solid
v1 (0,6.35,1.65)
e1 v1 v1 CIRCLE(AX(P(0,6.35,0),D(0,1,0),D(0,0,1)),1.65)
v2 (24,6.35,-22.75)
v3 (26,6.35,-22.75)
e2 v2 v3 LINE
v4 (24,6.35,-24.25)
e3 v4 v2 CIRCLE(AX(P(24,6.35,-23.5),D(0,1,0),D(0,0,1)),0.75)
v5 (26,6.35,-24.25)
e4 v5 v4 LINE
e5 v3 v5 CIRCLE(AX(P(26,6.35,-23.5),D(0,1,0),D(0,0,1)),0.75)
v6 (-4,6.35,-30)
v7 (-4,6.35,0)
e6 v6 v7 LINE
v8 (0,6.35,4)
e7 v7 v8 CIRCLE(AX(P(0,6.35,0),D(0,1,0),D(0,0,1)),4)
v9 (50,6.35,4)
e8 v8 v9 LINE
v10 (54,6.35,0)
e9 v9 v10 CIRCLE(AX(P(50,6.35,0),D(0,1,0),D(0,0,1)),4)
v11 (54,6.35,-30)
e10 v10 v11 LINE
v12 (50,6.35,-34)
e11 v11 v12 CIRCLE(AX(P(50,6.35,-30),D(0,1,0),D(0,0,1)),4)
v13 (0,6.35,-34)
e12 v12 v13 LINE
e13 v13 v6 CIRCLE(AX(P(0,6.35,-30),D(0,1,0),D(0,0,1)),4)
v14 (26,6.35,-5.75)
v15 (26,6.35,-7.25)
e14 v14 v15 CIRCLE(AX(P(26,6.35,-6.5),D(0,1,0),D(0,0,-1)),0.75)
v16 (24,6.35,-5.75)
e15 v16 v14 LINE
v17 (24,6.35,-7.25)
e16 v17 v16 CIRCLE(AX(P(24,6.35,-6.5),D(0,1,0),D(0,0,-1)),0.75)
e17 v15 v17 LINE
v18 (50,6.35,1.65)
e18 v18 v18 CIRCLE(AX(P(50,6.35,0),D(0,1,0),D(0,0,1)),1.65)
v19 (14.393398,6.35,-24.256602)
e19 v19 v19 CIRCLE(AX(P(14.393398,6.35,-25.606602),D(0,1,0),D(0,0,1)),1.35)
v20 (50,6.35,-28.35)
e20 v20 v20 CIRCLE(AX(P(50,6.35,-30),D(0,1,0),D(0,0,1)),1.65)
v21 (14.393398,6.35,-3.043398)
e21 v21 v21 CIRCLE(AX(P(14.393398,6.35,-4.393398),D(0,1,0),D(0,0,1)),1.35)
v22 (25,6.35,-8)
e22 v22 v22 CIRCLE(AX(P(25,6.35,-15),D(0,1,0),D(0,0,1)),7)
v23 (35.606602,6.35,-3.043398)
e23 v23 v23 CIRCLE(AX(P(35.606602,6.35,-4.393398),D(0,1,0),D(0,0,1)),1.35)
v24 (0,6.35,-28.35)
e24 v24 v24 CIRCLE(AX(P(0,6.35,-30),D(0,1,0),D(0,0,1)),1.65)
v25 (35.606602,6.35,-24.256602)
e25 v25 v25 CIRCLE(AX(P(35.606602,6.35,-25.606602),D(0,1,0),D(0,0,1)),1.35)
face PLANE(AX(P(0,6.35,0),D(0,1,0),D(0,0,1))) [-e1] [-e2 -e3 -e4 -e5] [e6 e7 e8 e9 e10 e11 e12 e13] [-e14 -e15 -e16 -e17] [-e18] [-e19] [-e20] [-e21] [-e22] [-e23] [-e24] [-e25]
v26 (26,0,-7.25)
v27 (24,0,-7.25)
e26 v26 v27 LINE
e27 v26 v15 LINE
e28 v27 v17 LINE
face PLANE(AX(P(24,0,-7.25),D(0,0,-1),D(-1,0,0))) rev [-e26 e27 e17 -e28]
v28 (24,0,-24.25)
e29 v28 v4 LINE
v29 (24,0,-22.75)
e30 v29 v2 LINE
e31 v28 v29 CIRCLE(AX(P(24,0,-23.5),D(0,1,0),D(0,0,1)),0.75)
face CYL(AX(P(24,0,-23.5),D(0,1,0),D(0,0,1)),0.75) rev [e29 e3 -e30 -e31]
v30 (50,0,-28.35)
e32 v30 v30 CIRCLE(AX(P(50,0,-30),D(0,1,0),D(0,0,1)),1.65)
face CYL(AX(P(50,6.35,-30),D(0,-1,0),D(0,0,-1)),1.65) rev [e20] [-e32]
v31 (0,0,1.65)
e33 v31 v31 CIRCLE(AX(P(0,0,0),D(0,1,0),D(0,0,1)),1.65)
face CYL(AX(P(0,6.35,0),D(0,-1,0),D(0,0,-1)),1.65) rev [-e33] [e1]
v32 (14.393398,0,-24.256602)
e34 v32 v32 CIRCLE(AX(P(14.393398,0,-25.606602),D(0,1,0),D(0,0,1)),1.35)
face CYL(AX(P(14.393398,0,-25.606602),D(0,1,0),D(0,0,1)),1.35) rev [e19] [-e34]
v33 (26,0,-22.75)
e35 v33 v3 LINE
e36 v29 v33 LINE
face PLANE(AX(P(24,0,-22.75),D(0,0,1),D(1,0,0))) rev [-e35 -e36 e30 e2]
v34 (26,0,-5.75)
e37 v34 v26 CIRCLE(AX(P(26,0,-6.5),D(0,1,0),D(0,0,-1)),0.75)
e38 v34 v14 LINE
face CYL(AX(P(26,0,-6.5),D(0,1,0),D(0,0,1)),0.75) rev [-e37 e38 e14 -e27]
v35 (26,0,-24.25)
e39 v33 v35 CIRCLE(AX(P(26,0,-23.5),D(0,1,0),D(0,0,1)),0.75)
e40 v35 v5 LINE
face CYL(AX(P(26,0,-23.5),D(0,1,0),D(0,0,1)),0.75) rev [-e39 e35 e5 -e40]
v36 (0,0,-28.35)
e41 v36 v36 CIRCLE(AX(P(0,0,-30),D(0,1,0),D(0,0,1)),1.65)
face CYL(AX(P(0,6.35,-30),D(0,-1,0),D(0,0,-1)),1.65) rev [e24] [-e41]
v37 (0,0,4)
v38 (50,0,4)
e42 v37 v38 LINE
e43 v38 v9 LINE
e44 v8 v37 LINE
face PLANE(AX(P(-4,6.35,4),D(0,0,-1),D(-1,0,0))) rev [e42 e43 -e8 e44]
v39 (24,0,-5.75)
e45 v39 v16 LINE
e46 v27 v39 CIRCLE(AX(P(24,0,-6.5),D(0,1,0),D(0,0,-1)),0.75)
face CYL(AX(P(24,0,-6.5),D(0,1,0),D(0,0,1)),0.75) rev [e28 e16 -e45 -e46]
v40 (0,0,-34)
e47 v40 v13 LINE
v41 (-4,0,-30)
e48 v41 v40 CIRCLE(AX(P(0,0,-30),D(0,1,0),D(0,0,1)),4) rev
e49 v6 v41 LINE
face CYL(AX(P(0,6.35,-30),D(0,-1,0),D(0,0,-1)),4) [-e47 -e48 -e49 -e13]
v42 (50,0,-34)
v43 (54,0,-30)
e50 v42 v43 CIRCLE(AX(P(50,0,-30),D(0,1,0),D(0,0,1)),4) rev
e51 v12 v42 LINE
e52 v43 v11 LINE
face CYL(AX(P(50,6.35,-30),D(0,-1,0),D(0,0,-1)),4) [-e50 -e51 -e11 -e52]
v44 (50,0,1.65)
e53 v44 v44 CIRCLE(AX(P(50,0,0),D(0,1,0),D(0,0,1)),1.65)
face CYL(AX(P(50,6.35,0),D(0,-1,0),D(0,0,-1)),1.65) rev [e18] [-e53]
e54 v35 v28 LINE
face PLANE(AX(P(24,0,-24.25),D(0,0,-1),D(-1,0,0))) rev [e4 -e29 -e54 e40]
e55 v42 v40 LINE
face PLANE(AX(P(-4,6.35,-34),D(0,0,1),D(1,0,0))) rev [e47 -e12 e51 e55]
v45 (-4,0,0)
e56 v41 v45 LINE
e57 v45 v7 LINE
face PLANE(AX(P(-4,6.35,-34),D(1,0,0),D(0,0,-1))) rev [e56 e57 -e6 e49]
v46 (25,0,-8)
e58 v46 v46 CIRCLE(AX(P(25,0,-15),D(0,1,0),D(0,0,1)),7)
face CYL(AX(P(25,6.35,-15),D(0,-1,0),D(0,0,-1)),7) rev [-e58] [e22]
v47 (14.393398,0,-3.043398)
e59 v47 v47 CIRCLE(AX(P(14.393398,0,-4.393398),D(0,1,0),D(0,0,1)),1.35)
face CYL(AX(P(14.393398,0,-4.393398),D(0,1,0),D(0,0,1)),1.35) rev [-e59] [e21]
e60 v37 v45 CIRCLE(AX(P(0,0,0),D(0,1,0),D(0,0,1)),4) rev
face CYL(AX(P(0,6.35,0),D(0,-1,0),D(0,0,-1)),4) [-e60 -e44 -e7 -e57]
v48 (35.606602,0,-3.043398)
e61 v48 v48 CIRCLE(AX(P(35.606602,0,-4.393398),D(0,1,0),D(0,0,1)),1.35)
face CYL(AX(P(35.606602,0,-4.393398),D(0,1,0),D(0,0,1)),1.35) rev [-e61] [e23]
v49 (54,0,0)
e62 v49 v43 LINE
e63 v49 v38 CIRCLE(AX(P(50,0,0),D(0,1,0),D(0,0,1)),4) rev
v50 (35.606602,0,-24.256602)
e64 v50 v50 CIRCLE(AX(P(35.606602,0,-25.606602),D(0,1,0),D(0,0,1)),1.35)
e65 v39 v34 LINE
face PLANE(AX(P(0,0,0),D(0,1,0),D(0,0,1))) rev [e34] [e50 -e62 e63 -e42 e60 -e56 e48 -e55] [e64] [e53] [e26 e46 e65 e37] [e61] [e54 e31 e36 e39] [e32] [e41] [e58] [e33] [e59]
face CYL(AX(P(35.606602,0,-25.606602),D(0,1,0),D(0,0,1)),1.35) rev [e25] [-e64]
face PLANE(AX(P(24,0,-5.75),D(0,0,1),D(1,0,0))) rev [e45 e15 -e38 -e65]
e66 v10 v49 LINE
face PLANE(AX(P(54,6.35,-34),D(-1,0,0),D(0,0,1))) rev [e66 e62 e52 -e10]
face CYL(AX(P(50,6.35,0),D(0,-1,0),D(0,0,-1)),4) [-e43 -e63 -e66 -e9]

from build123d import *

# Parameters (mm, degrees)
SKETCH1_W           = 58
SKETCH1_H           = 38
SKETCH1_R           = 7
SKETCH1_R_2         = 1.65
BOSS_EXTRUDE1_DEPTH = 6.35
FILLET1_R           = 4
CUT_EXTRUDE1_DEPTH  = 65.127392743
SKETCH3_R           = 1.35
CUT_EXTRUDE2_DEPTH  = 65.127392743


with BuildPart() as part:
    # Sketch1 → Boss-Extrude1 (new body)
    with BuildSketch(Plane(origin=(0, 0, 0), x_dir=(1, 0, 0), z_dir=(0, 1, 0))):
        with Locations((25, 15)):
            Rectangle(SKETCH1_W, SKETCH1_H)
        with Locations(Location((25, 15, 0), (0, 0, 270))):
            Circle(SKETCH1_R, mode=Mode.SUBTRACT)
        with Locations(Location((0, 30, 0), (0, 0, 270))):
            Circle(SKETCH1_R_2, mode=Mode.SUBTRACT)
        with Locations(Location((50, 30, 0), (0, 0, 270))):
            Circle(SKETCH1_R_2, mode=Mode.SUBTRACT)
        with Locations(Location((50, 0, 0), (0, 0, 270))):
            Circle(SKETCH1_R_2, mode=Mode.SUBTRACT)
        with Locations(Location((0, 0, 0), (0, 0, 270))):
            Circle(SKETCH1_R_2, mode=Mode.SUBTRACT)
    extrude(amount=BOSS_EXTRUDE1_DEPTH)

    # Fillet1
    fillet1_edges = [part.edges().sort_by_distance(p)[0] for p in [
        (-4, 3.175, -34),
        (54, 3.175, -34),
        (54, 3.175, 4),
        (-4, 3.175, 4),
    ]]
    fillet(fillet1_edges, radius=FILLET1_R)

    # Sketch2 → Cut-Extrude1 (cut, through all)
    with BuildSketch(Plane(origin=(0, 6.35, 0), x_dir=(1, 0, 0), z_dir=(0, 1, 0))):
        with BuildLine():
            Line((24, 24.250000018), (26, 24.250000018))
            ThreePointArc((26, 24.250000018), (26.75, 23.500000018), (26, 22.750000018))
            Line((26, 22.750000018), (24, 22.750000018))
            ThreePointArc((24, 22.750000018), (23.25, 23.500000018), (24, 24.250000018))
        make_face()
        with BuildLine():
            Line((24, 5.749999982), (26, 5.749999982))
            ThreePointArc((26, 5.749999982), (26.75, 6.499999982), (26, 7.249999982))
            Line((26, 7.249999982), (24, 7.249999982))
            ThreePointArc((24, 7.249999982), (23.25, 6.499999982), (24, 5.749999982))
        make_face()
    extrude(amount=-CUT_EXTRUDE1_DEPTH, mode=Mode.SUBTRACT)

    # Sketch3 → Cut-Extrude2 (cut, through all)
    with BuildSketch(Plane(origin=(0, 6.35, 0), x_dir=(1, 0, 0), z_dir=(0, 1, 0))):
        with Locations(Location((35.606601718, 25.606601718, 0), (0, 0, 270))):
            Circle(SKETCH3_R)
        with Locations(Location((35.606601718, 4.393398282, 0), (0, 0, 270))):
            Circle(SKETCH3_R)
        with Locations(Location((14.393398282, 25.606601718, 0), (0, 0, 270))):
            Circle(SKETCH3_R)
        with Locations(Location((14.393398282, 4.393398282, 0), (0, 0, 270))):
            Circle(SKETCH3_R)
    extrude(amount=-CUT_EXTRUDE2_DEPTH, mode=Mode.SUBTRACT)


solid = part.part
